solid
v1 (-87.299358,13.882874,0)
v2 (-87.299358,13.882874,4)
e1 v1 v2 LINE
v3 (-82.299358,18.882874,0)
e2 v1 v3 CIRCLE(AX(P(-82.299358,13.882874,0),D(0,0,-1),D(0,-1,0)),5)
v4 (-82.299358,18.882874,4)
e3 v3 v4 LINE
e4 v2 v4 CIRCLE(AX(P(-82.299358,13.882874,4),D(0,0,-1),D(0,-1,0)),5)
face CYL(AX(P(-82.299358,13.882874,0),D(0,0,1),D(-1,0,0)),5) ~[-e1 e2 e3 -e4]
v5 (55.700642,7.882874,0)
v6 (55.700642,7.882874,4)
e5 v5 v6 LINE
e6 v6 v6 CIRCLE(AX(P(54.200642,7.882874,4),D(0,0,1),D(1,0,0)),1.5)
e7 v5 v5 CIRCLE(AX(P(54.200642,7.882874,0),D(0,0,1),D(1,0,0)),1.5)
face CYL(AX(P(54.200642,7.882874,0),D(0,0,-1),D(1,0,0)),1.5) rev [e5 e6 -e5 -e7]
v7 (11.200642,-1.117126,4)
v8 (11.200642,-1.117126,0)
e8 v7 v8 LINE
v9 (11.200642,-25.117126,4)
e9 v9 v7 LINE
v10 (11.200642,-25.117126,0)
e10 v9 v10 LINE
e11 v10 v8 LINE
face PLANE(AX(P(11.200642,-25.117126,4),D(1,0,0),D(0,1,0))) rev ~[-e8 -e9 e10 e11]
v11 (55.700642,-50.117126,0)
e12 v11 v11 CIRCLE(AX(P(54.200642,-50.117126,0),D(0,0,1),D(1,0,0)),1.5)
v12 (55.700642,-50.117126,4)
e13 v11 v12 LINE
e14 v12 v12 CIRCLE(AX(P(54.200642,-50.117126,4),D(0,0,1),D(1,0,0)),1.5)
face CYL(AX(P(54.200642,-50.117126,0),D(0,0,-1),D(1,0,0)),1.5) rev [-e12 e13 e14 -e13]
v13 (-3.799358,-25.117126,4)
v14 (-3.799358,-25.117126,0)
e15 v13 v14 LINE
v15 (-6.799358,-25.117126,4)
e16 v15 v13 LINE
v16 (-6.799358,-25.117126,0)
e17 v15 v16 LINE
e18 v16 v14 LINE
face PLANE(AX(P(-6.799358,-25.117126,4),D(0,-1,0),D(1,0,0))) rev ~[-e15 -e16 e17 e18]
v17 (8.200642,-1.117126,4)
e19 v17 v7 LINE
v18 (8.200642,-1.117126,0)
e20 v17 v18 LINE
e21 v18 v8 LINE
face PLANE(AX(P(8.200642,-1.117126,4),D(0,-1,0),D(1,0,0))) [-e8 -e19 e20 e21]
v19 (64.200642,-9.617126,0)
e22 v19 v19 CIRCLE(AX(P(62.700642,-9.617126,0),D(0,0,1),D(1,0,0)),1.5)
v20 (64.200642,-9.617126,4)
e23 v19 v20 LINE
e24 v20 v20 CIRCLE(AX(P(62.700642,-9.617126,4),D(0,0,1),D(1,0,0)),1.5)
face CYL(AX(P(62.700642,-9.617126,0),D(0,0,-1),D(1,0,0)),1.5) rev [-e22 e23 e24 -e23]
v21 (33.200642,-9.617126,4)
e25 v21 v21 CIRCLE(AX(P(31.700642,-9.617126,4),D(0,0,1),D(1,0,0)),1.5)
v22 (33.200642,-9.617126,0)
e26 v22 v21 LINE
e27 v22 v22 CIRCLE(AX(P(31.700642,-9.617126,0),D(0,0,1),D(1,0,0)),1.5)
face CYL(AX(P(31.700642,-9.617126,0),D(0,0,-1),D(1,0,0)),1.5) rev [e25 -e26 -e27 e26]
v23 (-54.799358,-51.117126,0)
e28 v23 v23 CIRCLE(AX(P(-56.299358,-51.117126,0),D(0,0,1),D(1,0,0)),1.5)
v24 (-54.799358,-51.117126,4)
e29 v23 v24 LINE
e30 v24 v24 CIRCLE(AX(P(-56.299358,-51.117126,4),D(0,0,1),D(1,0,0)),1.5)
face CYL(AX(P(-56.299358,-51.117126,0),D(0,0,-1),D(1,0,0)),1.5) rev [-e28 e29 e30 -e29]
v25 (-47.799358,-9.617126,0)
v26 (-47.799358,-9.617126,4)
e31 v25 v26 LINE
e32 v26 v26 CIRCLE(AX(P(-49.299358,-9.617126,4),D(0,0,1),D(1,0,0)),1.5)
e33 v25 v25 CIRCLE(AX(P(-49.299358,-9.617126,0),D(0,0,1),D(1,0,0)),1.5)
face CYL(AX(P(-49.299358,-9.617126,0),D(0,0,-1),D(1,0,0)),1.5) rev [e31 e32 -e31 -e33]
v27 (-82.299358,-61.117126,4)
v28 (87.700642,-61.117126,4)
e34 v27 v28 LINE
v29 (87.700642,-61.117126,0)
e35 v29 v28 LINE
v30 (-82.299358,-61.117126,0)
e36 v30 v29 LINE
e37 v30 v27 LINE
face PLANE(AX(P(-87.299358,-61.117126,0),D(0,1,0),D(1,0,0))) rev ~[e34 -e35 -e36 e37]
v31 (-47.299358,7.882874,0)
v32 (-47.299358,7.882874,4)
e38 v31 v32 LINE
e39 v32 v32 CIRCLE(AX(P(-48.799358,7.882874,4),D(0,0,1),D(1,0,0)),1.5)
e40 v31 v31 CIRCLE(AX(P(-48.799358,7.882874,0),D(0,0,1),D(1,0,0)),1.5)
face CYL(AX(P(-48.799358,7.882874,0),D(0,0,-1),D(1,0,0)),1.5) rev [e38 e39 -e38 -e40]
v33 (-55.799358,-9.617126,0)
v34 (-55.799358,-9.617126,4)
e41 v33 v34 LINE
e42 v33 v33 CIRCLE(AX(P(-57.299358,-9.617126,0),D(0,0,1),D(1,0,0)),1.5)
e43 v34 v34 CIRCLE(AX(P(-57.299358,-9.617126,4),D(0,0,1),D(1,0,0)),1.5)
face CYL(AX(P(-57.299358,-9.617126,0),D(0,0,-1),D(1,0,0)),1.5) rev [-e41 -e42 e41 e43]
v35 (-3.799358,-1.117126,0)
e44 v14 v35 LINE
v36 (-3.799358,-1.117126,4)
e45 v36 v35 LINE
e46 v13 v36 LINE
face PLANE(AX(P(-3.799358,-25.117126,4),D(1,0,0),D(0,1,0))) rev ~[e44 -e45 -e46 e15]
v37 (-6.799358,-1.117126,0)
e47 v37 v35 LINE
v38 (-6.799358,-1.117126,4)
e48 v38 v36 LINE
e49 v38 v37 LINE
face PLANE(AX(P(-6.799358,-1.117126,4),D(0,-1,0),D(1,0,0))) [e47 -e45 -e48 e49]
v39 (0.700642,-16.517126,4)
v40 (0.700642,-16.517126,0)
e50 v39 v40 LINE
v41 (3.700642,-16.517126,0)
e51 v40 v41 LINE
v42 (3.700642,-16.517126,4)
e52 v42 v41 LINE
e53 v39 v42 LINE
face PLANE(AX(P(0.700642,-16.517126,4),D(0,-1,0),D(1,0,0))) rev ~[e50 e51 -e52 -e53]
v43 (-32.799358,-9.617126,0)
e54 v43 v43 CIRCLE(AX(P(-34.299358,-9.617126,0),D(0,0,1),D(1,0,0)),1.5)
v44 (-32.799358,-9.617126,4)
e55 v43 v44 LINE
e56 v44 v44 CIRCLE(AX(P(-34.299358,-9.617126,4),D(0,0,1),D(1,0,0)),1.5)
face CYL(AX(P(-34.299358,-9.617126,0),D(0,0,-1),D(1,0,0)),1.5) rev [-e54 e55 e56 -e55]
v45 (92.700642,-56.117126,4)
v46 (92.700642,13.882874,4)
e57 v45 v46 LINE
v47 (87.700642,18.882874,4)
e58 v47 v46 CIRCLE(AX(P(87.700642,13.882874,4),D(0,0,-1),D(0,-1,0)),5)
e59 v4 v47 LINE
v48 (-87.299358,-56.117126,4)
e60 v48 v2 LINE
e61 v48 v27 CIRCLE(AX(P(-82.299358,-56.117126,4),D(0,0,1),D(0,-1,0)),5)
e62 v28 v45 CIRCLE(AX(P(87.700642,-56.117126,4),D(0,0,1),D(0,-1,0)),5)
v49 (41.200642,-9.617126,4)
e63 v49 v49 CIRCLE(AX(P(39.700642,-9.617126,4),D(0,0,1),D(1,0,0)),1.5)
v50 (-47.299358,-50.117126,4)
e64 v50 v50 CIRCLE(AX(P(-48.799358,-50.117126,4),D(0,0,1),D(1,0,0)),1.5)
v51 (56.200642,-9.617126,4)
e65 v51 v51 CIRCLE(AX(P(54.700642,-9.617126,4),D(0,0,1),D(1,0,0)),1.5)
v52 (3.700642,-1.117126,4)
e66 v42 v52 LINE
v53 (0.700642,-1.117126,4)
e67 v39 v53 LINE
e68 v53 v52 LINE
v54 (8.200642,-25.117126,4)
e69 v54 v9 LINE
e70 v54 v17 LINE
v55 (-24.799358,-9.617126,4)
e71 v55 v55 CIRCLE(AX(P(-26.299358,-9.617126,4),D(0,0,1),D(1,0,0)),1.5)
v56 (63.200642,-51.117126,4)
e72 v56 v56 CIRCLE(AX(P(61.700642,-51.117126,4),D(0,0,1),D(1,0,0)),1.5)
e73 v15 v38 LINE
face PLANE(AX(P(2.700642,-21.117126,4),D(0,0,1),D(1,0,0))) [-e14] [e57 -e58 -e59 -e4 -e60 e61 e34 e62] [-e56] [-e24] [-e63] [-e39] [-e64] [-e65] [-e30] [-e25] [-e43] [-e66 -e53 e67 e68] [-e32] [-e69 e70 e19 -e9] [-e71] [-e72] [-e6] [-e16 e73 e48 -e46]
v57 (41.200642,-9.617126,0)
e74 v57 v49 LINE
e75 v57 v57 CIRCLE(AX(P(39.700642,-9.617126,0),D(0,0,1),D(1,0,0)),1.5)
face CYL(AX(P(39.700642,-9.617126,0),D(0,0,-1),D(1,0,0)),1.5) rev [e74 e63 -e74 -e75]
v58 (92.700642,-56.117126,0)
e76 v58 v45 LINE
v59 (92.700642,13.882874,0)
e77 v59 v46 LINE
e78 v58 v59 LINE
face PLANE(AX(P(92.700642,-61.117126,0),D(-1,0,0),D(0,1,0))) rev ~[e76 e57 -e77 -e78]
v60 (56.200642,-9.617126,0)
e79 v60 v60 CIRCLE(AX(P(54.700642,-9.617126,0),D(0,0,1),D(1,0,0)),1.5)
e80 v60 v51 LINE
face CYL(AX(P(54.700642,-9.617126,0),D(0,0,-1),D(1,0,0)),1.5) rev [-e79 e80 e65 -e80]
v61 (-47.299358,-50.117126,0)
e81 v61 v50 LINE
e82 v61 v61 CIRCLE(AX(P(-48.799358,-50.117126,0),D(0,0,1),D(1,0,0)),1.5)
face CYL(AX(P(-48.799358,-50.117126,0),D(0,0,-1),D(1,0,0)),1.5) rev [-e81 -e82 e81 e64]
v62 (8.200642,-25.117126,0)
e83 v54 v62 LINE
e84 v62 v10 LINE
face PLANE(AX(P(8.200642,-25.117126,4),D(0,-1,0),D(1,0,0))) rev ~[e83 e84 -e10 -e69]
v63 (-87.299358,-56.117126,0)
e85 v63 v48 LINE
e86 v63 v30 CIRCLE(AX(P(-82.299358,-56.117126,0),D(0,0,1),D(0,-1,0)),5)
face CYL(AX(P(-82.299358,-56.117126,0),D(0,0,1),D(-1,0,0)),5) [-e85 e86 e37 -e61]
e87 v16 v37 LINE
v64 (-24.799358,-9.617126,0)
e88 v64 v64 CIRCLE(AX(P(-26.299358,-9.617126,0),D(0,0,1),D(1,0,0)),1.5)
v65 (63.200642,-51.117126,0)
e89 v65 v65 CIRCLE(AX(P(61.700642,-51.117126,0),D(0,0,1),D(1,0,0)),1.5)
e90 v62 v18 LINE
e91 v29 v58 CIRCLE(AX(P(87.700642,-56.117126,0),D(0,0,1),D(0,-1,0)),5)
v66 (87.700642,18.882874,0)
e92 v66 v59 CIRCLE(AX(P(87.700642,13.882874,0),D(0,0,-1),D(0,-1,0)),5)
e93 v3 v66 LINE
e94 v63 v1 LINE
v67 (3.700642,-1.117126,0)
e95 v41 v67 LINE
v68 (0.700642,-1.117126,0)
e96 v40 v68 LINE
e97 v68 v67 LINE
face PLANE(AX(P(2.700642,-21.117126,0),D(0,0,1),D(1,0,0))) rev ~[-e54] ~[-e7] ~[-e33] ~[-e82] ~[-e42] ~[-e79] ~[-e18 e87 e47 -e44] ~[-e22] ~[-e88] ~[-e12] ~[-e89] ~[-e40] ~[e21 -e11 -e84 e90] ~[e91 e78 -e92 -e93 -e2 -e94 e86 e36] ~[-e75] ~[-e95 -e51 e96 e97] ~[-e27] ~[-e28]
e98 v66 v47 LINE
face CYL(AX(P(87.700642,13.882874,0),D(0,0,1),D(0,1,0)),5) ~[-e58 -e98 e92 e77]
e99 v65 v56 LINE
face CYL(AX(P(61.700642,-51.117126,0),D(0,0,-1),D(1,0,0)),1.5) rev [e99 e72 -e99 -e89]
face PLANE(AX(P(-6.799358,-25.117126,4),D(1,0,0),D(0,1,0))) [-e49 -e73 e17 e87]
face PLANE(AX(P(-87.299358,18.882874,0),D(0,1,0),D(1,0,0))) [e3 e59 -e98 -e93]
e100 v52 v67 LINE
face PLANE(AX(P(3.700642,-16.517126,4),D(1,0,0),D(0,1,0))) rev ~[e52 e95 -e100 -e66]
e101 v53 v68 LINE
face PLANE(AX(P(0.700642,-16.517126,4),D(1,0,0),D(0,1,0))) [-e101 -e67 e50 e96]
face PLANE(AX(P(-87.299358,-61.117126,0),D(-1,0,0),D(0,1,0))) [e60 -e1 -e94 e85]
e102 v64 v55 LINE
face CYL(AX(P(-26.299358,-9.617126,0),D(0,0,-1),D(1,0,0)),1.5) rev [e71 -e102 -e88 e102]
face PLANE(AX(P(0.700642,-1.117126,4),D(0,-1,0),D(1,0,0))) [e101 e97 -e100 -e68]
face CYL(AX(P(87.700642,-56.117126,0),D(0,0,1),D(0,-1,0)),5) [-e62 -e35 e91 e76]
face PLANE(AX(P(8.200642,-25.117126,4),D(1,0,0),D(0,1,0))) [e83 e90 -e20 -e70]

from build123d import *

# Parameters (mm, degrees)
SKETCH1_W           = 180
SKETCH1_H           = 80
SKETCH1_R           = 1.5
BOSS_EXTRUDE1_DEPTH = 4
SKETCH2_W           = 3
SKETCH2_H           = 24
SKETCH2_H_2         = 15.4
CUT_EXTRUDE1_DEPTH  = 4
FILLET1_R           = 5


with BuildPart() as part:
    # Sketch1 → Boss-Extrude1 (new body)
    with BuildSketch(Plane.XY):
        with Locations((2.700642055, -21.117125984)):
            Rectangle(SKETCH1_W, SKETCH1_H)
        with Locations((-57.299357945, -9.617125984)):
            Circle(SKETCH1_R, mode=Mode.SUBTRACT)
        with Locations((62.700642055, -9.617125984)):
            Circle(SKETCH1_R, mode=Mode.SUBTRACT)
        with Locations((61.700642055, -51.117125984)):
            Circle(SKETCH1_R, mode=Mode.SUBTRACT)
        with Locations((-56.299357945, -51.117125984)):
            Circle(SKETCH1_R, mode=Mode.SUBTRACT)
        with Locations((-49.299357945, -9.617125984)):
            Circle(SKETCH1_R, mode=Mode.SUBTRACT)
        with Locations((54.700642055, -9.617125984)):
            Circle(SKETCH1_R, mode=Mode.SUBTRACT)
        with Locations((-34.299357945, -9.617125984)):
            Circle(SKETCH1_R, mode=Mode.SUBTRACT)
        with Locations((-26.299357945, -9.617125984)):
            Circle(SKETCH1_R, mode=Mode.SUBTRACT)
        with Locations((39.700642055, -9.617125984)):
            Circle(SKETCH1_R, mode=Mode.SUBTRACT)
        with Locations((31.700642055, -9.617125984)):
            Circle(SKETCH1_R, mode=Mode.SUBTRACT)
        with Locations((-48.799357945, 7.882874016)):
            Circle(SKETCH1_R, mode=Mode.SUBTRACT)
        with Locations((54.200642055, 7.882874016)):
            Circle(SKETCH1_R, mode=Mode.SUBTRACT)
        with Locations((54.200642055, -50.117125984)):
            Circle(SKETCH1_R, mode=Mode.SUBTRACT)
        with Locations((-48.799357945, -50.117125984)):
            Circle(SKETCH1_R, mode=Mode.SUBTRACT)
    extrude(amount=BOSS_EXTRUDE1_DEPTH)

    # Sketch2 → Cut-Extrude1 (cut)
    with BuildSketch(Plane.XY.offset(4)):
        with Locations((-5.299357945, -13.117125984)):
            Rectangle(SKETCH2_W, SKETCH2_H)
        with Locations((2.200642055, -8.817125984)):
            Rectangle(SKETCH2_W, SKETCH2_H_2)
        with Locations((9.700642055, -13.117125984)):
            Rectangle(SKETCH2_W, SKETCH2_H)
    extrude(amount=-CUT_EXTRUDE1_DEPTH, mode=Mode.SUBTRACT)

    # Fillet1
    fillet1_edges = [part.edges().sort_by_distance(p)[0] for p in [
        (-87.299357945, 18.882874016, 2),
        (92.700642055, 18.882874016, 2),
        (92.700642055, -61.117125984, 2),
        (-87.299357945, -61.117125984, 2),
    ]]
    fillet(fillet1_edges, radius=FILLET1_R)


solid = part.part
